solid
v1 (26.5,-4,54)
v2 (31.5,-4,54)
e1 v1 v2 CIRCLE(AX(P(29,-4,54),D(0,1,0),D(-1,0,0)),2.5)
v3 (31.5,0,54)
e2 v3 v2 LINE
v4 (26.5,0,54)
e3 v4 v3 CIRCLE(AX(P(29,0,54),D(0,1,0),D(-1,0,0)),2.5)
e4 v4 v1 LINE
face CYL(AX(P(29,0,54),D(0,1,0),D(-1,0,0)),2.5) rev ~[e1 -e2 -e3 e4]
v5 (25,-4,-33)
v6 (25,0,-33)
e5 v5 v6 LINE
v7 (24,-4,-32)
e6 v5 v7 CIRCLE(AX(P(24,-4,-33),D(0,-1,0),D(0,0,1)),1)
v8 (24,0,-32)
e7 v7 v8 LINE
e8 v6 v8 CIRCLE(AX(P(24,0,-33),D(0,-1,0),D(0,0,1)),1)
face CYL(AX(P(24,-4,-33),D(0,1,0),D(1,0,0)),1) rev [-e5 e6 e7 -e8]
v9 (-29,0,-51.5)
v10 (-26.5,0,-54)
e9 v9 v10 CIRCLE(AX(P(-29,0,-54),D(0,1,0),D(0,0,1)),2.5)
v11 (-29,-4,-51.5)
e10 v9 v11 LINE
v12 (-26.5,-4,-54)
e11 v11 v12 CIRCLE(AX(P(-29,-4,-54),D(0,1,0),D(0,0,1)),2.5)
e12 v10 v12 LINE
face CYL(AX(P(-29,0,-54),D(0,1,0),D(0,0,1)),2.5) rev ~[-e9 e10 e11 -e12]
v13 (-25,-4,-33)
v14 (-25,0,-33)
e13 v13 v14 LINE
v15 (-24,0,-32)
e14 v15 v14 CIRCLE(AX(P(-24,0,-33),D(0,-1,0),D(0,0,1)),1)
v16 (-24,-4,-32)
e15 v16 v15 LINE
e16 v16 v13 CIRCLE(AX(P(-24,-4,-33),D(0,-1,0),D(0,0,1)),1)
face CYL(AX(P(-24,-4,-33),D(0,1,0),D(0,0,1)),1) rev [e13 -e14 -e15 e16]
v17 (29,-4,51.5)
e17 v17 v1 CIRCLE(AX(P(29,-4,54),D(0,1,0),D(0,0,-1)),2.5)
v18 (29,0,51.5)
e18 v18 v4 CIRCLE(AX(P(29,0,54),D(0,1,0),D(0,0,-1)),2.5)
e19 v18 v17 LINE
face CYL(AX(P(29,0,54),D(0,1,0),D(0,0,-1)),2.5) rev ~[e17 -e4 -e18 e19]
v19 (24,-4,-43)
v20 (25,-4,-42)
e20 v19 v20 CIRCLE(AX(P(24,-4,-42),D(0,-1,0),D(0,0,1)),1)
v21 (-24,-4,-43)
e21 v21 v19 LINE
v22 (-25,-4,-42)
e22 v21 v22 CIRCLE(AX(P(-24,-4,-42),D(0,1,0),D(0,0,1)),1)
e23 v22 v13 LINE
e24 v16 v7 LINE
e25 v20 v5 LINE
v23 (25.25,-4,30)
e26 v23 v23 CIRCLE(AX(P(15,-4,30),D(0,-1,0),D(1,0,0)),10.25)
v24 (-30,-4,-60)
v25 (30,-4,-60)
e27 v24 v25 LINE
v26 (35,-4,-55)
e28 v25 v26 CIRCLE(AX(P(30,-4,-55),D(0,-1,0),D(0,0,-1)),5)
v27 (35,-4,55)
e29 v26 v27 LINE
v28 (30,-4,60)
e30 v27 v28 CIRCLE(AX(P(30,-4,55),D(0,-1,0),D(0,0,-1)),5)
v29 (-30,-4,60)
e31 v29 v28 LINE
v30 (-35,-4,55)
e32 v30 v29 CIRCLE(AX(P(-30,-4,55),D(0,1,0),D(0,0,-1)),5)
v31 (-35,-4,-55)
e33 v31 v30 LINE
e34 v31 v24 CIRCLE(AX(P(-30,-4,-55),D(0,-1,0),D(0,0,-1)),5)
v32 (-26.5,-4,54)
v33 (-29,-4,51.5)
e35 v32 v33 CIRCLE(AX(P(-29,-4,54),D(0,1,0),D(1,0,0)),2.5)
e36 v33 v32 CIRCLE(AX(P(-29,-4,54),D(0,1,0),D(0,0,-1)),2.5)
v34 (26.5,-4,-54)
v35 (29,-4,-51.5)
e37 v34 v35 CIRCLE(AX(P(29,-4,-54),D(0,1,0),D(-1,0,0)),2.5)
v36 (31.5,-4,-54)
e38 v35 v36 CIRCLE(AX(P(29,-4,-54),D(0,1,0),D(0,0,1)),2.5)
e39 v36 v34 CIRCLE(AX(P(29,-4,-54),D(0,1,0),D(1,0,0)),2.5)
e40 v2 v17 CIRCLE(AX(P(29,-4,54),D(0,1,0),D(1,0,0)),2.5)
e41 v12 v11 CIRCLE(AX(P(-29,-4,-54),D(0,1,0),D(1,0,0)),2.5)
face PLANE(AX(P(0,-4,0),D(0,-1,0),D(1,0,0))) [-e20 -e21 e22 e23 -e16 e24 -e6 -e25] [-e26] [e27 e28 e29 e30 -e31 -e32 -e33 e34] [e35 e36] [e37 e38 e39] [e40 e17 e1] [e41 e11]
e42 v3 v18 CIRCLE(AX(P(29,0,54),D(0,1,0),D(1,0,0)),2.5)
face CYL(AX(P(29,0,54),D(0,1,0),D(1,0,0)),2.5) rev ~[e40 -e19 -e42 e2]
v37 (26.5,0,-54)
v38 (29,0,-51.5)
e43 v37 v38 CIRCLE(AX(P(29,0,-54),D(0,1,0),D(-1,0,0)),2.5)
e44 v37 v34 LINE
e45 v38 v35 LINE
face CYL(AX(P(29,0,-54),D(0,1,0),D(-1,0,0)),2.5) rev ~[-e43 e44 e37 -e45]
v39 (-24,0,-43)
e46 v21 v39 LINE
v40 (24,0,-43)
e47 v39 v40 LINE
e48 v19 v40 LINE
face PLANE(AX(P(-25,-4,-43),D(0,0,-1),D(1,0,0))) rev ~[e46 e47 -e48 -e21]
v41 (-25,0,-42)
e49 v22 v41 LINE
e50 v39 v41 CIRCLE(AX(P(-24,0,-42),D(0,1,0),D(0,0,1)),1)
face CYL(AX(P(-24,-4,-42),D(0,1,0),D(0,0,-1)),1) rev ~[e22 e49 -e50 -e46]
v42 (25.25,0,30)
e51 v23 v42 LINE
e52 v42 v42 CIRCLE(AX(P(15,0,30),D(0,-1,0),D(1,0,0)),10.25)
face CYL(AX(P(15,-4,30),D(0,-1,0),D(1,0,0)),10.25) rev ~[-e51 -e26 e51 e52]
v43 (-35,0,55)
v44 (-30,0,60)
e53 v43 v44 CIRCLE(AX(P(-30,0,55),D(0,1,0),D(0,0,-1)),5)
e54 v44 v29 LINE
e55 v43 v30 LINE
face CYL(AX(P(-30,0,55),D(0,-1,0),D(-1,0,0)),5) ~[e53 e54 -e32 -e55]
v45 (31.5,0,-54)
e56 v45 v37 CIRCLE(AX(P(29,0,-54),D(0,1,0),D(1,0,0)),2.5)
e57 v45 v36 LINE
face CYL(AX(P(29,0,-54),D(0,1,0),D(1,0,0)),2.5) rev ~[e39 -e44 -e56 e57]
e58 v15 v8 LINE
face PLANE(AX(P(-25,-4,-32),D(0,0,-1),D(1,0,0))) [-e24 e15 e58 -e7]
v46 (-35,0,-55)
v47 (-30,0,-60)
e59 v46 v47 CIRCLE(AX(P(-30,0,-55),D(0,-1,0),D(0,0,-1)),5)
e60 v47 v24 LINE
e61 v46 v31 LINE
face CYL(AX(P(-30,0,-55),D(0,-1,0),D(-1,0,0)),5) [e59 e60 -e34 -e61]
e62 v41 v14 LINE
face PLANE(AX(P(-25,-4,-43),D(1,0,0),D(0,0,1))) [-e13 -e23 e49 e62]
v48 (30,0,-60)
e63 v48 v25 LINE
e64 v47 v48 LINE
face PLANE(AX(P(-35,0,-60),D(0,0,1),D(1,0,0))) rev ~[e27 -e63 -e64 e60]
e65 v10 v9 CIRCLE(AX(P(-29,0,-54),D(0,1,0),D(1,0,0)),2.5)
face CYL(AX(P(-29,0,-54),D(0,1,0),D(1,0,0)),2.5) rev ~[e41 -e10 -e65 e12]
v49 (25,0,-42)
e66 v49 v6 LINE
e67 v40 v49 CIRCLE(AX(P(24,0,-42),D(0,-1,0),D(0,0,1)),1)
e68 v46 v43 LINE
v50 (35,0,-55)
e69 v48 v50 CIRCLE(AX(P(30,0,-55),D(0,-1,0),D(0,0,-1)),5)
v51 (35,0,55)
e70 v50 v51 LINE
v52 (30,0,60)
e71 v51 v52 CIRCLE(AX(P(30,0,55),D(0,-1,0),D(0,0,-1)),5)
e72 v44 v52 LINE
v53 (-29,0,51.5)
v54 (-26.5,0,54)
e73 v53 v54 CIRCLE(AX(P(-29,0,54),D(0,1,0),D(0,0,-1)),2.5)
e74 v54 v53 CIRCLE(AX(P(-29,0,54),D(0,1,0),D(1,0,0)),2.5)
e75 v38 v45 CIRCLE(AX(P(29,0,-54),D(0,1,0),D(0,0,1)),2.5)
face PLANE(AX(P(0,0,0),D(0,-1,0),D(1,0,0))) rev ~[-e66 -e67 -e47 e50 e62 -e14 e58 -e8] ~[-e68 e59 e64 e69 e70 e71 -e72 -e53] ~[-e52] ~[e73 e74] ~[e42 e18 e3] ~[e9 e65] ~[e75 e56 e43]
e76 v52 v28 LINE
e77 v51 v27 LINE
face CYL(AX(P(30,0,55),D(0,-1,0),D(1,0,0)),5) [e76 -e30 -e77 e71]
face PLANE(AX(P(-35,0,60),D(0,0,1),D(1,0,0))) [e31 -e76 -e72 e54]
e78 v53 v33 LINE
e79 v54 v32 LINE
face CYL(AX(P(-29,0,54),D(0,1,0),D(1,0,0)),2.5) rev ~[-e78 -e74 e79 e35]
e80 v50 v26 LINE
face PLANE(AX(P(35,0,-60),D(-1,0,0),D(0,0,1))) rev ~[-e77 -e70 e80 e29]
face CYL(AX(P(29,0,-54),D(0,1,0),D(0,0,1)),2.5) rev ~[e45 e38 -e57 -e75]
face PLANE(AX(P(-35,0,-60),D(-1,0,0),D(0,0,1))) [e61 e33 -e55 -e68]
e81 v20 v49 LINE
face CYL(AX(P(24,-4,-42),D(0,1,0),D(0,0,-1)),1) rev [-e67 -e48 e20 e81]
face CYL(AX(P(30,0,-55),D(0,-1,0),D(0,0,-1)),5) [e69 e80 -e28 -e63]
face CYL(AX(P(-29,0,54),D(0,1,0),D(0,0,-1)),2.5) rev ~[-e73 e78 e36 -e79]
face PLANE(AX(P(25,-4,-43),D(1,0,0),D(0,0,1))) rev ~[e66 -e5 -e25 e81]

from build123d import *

# Parameters (mm, degrees)
F0_W     = 70
F0_H     = 120
F1_DEPTH = 4
F2_R     = 5
F3_R     = 10.25
F4_DEPTH = 25
F5_W     = 50
F5_H     = 11
F6_DEPTH = 25
F7_R     = 1


with BuildPart() as f1:
    # F0 (on Front) → F1 (new body)
    with BuildSketch(Plane.XZ):
        Rectangle(F0_W, F0_H)
        with BuildLine():
            ThreePointArc((-29, 51.5), (-30.767766953, 55.767766953), (-26.5, 54))
            Line((-26.5, 54), (26.5, 54))
            ThreePointArc((26.5, 54), (29, 56.5), (31.5, 54))
            ThreePointArc((31.5, 54), (30.767766953, 52.232233047), (29, 51.5))
            Line((29, 51.5), (29, -51.5))
            ThreePointArc((29, -51.5), (30.767766953, -52.232233047), (31.5, -54))
            ThreePointArc((31.5, -54), (29, -56.5), (26.5, -54))
            Line((26.5, -54), (-26.5, -54))
            ThreePointArc((-26.5, -54), (-30.767766953, -55.767766953), (-29, -51.5))
            Line((-29, -51.5), (-29, 51.5))
        make_face(mode=Mode.SUBTRACT)
        with BuildLine():
            Line((26.5, 54), (-26.5, 54))
            ThreePointArc((-26.5, 54), (-27.232233047, 52.232233047), (-29, 51.5))
            Line((-29, 51.5), (-29, -51.5))
            ThreePointArc((-29, -51.5), (-27.232233047, -52.232233047), (-26.5, -54))
            Line((-26.5, -54), (26.5, -54))
            ThreePointArc((26.5, -54), (27.232233047, -52.232233047), (29, -51.5))
            Line((29, -51.5), (29, 51.5))
            ThreePointArc((29, 51.5), (27.232233047, 52.232233047), (26.5, 54))
        make_face()
    extrude(amount=F1_DEPTH)

    # F2
    f2_edges = [f1.edges().sort_by_distance(p)[0] for p in [
        (-35, -2, 60),
        (35, -2, 60),
        (-35, -2, -60),
        (35, -2, -60),
    ]]
    fillet(f2_edges, radius=F2_R)

    # F3 (on face) → F4 (cut)
    with BuildSketch(Plane.XZ.offset(4)):
        with Locations((15, 30)):
            Circle(F3_R)
    extrude(amount=-F4_DEPTH, mode=Mode.SUBTRACT)

    # F5 (on face) → F6 (cut)
    with BuildSketch(Plane.XZ.offset(4)):
        with Locations((0, -37.5)):
            Rectangle(F5_W, F5_H)
    extrude(amount=-F6_DEPTH, mode=Mode.SUBTRACT)

    # F7
    f7_edges = [f1.edges().sort_by_distance(p)[0] for p in [
        (-25, -2, -43),
        (-25, -2, -32),
        (25, -2, -32),
        (25, -2, -43),
    ]]
    fillet(f7_edges, radius=F7_R)


solid = f1.part
